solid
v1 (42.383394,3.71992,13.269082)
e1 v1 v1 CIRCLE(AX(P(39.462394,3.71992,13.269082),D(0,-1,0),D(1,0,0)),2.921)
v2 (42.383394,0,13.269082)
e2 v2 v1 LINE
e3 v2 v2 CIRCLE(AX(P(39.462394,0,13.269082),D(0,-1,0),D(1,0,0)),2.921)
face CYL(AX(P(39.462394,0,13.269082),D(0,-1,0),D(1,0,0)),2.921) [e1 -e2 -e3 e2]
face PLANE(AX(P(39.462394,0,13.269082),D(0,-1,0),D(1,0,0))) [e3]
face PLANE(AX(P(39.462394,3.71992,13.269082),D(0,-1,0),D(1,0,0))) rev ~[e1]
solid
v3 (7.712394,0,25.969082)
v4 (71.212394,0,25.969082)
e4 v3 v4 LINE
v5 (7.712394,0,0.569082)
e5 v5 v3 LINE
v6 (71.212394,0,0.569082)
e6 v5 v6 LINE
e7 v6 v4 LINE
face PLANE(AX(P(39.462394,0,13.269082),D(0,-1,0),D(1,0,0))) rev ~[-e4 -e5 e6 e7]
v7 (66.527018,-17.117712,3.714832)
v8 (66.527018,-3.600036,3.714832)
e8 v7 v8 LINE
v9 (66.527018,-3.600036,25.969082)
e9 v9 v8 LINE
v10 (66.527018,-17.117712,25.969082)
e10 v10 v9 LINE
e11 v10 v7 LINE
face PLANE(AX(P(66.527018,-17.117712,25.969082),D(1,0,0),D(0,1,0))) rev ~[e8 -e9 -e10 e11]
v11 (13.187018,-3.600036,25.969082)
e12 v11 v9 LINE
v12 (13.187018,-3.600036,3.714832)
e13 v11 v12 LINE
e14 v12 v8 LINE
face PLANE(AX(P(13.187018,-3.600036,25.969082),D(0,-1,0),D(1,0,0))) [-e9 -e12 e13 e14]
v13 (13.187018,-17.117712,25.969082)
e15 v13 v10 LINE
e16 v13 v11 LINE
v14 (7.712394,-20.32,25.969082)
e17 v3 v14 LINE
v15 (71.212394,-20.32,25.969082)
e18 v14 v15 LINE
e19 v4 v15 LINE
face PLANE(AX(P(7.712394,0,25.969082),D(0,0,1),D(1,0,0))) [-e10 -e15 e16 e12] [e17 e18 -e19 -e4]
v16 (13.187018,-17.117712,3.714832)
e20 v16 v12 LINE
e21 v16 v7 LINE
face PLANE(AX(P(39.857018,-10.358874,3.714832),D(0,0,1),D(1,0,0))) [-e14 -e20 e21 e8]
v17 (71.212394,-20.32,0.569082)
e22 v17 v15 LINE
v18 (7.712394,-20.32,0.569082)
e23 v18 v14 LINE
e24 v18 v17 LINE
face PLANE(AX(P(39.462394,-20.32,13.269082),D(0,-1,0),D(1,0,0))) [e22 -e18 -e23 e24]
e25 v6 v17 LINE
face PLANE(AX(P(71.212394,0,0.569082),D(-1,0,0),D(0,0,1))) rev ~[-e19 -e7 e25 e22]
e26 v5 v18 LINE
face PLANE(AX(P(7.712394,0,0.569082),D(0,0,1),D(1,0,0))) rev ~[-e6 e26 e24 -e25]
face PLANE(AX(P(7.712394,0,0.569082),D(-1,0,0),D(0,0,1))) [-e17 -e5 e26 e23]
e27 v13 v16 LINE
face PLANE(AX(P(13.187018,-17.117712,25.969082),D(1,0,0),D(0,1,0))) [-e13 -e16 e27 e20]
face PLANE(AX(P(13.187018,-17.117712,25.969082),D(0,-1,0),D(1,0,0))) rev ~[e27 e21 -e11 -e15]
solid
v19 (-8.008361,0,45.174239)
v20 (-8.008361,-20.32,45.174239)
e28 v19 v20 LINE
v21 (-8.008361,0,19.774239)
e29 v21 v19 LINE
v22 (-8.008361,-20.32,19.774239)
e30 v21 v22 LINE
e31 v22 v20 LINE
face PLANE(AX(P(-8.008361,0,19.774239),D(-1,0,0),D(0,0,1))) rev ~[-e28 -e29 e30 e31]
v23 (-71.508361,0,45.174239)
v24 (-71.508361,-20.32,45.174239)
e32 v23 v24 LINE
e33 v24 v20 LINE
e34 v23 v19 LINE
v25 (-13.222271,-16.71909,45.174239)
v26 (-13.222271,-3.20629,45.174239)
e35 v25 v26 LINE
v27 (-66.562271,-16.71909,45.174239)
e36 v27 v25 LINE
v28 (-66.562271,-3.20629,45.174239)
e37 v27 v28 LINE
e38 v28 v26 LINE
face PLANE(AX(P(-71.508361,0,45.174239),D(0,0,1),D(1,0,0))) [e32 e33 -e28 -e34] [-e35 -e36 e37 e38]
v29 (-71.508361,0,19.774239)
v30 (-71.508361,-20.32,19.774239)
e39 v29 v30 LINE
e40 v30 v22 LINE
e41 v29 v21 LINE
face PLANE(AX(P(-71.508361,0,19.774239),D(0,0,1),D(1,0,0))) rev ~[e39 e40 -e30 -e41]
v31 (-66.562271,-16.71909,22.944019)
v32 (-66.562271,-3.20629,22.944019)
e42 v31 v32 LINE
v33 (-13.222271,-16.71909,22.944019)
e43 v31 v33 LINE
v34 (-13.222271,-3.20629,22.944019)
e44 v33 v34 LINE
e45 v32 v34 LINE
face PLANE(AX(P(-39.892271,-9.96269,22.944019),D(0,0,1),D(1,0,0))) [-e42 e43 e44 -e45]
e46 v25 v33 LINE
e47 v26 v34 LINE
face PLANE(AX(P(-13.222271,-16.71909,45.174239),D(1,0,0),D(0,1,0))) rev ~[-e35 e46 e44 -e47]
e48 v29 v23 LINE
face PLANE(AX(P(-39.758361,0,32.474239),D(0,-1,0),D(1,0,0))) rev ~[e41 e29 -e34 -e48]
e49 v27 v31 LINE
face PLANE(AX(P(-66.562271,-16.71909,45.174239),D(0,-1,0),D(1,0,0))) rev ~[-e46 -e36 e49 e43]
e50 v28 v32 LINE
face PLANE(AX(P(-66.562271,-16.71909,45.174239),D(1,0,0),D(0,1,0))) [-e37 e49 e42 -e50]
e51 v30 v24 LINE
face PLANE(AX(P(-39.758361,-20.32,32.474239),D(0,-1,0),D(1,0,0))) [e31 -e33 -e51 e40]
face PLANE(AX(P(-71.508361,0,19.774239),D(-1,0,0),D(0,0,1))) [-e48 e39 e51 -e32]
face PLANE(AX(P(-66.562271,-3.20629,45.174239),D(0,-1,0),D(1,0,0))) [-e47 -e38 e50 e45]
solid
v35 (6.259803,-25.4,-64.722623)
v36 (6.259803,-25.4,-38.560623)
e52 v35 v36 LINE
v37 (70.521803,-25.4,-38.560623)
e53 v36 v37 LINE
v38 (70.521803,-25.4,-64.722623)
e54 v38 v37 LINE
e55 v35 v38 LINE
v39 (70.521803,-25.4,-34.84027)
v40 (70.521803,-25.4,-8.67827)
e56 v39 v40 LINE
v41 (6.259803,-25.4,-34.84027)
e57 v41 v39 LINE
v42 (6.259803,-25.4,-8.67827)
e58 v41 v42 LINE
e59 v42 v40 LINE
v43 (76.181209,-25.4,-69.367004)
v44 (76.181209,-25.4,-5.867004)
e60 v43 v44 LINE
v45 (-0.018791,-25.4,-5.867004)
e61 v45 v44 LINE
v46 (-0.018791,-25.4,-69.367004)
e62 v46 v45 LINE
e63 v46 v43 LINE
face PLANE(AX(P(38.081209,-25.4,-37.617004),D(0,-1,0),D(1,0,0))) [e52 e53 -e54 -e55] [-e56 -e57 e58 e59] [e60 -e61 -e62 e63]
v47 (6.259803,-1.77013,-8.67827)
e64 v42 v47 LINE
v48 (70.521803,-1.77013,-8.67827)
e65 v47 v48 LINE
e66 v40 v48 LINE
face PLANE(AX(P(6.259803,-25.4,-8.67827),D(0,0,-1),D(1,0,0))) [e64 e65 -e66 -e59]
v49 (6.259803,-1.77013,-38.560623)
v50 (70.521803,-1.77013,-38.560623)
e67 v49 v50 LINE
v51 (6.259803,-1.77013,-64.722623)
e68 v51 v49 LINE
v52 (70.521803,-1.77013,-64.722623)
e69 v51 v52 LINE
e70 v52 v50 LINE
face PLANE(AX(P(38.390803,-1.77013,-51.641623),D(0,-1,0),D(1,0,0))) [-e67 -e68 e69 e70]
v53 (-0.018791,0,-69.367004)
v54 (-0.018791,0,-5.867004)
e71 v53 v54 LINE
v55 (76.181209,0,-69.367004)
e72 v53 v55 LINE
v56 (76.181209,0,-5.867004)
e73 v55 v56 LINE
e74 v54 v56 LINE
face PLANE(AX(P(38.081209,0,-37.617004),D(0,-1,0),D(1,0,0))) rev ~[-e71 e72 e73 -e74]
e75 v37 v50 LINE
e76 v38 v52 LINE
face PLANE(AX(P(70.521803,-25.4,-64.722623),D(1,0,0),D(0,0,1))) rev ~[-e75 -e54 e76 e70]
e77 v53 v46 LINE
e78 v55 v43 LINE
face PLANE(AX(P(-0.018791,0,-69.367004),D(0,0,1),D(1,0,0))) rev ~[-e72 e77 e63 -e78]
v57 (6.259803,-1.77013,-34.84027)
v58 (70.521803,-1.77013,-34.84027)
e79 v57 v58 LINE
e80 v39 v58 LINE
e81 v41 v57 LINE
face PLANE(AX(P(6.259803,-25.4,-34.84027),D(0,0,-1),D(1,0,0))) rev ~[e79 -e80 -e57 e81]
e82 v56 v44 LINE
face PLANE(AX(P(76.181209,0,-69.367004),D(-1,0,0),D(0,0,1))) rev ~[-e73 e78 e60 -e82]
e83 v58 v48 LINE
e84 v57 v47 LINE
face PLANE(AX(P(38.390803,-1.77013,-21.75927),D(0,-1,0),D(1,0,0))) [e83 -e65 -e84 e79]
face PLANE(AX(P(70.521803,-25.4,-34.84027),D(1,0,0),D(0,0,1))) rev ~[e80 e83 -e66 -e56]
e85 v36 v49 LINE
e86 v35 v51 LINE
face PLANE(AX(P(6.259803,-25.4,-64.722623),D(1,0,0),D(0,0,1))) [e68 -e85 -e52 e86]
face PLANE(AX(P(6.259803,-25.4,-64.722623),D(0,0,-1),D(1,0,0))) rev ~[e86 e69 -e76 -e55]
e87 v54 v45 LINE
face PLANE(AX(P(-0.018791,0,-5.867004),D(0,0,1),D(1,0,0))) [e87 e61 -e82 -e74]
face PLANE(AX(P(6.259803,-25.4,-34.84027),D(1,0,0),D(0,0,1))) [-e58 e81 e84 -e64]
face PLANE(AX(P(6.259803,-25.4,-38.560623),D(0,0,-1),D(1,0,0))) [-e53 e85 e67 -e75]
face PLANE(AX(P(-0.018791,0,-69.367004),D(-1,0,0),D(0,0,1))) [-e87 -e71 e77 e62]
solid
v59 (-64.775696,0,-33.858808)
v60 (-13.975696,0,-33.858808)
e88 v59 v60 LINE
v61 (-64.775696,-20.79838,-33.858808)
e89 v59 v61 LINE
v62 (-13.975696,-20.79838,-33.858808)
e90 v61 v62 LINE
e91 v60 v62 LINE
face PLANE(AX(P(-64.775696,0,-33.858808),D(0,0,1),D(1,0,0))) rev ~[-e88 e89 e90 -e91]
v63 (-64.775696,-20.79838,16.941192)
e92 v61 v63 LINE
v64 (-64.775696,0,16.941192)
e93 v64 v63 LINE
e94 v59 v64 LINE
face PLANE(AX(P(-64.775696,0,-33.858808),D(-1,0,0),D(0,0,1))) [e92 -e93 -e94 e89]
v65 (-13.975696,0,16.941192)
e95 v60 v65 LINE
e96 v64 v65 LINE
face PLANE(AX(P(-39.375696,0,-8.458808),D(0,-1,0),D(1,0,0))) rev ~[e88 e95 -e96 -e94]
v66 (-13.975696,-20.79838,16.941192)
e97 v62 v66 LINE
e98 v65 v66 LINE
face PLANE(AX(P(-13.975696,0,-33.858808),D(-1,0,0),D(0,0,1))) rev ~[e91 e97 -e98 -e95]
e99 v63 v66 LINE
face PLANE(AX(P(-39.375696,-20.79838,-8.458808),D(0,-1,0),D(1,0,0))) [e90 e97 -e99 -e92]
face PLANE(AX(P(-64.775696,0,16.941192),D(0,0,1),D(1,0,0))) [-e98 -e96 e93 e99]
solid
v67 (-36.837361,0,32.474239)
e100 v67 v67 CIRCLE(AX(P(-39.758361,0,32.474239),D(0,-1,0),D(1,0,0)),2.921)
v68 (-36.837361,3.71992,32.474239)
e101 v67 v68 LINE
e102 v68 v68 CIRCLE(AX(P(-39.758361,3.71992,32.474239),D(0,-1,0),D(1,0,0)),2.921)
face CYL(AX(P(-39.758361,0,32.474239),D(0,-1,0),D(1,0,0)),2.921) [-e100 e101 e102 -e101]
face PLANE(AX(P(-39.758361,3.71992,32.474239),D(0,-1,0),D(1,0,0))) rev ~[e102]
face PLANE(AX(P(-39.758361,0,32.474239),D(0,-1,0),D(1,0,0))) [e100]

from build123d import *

# Parameters (mm, degrees)
F0_W      = 50.8
F0_H      = 50.8
F1_DEPTH  = 20.79838
F2_W      = 76.2
F2_H      = 63.5
F3_DEPTH  = 25.4
F4_W      = 64.262
F4_H      = 26.162
F5_DEPTH  = 23.62987
F6_W      = 63.5
F6_H      = 25.4
F7_DEPTH  = 20.32
F8_W      = 63.5
F8_H      = 25.4
F9_DEPTH  = 20.32
F10_R     = 2.921
F11_DEPTH = 3.71992
F12_W     = 53.34
F12_H     = 13.517677
F13_DEPTH = 22.25425
F14_W     = 53.34
F14_H     = 13.5128
F15_DEPTH = 22.23022


with BuildPart() as f1:
    # F0 (on Front) → F1 (new body)
    with BuildSketch(Plane.XZ):
        with Locations((-39.375696, -8.458808)):
            Rectangle(F0_W, F0_H)
    extrude(amount=F1_DEPTH)


with BuildPart() as f3:
    # F2 (on Front) → F3 (new body)
    with BuildSketch(Plane.XZ):
        with Locations((38.081209, -37.617004)):
            Rectangle(F2_W, F2_H)
    extrude(amount=F3_DEPTH)

    # F4 (on face) → F5 (cut)
    with BuildSketch(Plane.XZ.offset(25.4)):
        with Locations((38.390803, -21.75927)):
            Rectangle(F4_W, F4_H)
        with Locations((38.390803, -51.641623)):
            Rectangle(F4_W, F4_H)
    extrude(amount=-F5_DEPTH, mode=Mode.SUBTRACT)


with BuildPart() as f7:
    # F6 (on Front) → F7 (new body)
    with BuildSketch(Plane.XZ):
        with Locations((39.462394, 13.269082)):
            Rectangle(F6_W, F6_H)
    extrude(amount=F7_DEPTH)

    # F12 (on face) → F13 (cut)
    with BuildSketch(Plane.XY.offset(25.969082)):
        with Locations((39.857018, -10.358874)):
            Rectangle(F12_W, F12_H)
    extrude(amount=-F13_DEPTH, mode=Mode.SUBTRACT)


with BuildPart() as f9:
    # F8 (on Front) → F9 (new body)
    with BuildSketch(Plane.XZ):
        with Locations((-39.758361, 32.474239)):
            Rectangle(F8_W, F8_H)
    extrude(amount=F9_DEPTH)

    # F14 (on face) → F15 (cut)
    with BuildSketch(Plane.XY.offset(45.174239)):
        with Locations((-39.892271, -9.96269)):
            Rectangle(F14_W, F14_H)
    extrude(amount=-F15_DEPTH, mode=Mode.SUBTRACT)


with BuildPart() as f11:
    # F10 (on Front) → F11 (new body)
    with BuildSketch(Plane.XZ):
        with Locations((39.462394, 13.269082)):
            Circle(F10_R)
        with Locations((-39.758361, 32.474239)):
            Circle(F10_R)
    extrude(amount=-F11_DEPTH)


solid = Compound([f1.part, f3.part, f7.part, f9.part, f11.part])
